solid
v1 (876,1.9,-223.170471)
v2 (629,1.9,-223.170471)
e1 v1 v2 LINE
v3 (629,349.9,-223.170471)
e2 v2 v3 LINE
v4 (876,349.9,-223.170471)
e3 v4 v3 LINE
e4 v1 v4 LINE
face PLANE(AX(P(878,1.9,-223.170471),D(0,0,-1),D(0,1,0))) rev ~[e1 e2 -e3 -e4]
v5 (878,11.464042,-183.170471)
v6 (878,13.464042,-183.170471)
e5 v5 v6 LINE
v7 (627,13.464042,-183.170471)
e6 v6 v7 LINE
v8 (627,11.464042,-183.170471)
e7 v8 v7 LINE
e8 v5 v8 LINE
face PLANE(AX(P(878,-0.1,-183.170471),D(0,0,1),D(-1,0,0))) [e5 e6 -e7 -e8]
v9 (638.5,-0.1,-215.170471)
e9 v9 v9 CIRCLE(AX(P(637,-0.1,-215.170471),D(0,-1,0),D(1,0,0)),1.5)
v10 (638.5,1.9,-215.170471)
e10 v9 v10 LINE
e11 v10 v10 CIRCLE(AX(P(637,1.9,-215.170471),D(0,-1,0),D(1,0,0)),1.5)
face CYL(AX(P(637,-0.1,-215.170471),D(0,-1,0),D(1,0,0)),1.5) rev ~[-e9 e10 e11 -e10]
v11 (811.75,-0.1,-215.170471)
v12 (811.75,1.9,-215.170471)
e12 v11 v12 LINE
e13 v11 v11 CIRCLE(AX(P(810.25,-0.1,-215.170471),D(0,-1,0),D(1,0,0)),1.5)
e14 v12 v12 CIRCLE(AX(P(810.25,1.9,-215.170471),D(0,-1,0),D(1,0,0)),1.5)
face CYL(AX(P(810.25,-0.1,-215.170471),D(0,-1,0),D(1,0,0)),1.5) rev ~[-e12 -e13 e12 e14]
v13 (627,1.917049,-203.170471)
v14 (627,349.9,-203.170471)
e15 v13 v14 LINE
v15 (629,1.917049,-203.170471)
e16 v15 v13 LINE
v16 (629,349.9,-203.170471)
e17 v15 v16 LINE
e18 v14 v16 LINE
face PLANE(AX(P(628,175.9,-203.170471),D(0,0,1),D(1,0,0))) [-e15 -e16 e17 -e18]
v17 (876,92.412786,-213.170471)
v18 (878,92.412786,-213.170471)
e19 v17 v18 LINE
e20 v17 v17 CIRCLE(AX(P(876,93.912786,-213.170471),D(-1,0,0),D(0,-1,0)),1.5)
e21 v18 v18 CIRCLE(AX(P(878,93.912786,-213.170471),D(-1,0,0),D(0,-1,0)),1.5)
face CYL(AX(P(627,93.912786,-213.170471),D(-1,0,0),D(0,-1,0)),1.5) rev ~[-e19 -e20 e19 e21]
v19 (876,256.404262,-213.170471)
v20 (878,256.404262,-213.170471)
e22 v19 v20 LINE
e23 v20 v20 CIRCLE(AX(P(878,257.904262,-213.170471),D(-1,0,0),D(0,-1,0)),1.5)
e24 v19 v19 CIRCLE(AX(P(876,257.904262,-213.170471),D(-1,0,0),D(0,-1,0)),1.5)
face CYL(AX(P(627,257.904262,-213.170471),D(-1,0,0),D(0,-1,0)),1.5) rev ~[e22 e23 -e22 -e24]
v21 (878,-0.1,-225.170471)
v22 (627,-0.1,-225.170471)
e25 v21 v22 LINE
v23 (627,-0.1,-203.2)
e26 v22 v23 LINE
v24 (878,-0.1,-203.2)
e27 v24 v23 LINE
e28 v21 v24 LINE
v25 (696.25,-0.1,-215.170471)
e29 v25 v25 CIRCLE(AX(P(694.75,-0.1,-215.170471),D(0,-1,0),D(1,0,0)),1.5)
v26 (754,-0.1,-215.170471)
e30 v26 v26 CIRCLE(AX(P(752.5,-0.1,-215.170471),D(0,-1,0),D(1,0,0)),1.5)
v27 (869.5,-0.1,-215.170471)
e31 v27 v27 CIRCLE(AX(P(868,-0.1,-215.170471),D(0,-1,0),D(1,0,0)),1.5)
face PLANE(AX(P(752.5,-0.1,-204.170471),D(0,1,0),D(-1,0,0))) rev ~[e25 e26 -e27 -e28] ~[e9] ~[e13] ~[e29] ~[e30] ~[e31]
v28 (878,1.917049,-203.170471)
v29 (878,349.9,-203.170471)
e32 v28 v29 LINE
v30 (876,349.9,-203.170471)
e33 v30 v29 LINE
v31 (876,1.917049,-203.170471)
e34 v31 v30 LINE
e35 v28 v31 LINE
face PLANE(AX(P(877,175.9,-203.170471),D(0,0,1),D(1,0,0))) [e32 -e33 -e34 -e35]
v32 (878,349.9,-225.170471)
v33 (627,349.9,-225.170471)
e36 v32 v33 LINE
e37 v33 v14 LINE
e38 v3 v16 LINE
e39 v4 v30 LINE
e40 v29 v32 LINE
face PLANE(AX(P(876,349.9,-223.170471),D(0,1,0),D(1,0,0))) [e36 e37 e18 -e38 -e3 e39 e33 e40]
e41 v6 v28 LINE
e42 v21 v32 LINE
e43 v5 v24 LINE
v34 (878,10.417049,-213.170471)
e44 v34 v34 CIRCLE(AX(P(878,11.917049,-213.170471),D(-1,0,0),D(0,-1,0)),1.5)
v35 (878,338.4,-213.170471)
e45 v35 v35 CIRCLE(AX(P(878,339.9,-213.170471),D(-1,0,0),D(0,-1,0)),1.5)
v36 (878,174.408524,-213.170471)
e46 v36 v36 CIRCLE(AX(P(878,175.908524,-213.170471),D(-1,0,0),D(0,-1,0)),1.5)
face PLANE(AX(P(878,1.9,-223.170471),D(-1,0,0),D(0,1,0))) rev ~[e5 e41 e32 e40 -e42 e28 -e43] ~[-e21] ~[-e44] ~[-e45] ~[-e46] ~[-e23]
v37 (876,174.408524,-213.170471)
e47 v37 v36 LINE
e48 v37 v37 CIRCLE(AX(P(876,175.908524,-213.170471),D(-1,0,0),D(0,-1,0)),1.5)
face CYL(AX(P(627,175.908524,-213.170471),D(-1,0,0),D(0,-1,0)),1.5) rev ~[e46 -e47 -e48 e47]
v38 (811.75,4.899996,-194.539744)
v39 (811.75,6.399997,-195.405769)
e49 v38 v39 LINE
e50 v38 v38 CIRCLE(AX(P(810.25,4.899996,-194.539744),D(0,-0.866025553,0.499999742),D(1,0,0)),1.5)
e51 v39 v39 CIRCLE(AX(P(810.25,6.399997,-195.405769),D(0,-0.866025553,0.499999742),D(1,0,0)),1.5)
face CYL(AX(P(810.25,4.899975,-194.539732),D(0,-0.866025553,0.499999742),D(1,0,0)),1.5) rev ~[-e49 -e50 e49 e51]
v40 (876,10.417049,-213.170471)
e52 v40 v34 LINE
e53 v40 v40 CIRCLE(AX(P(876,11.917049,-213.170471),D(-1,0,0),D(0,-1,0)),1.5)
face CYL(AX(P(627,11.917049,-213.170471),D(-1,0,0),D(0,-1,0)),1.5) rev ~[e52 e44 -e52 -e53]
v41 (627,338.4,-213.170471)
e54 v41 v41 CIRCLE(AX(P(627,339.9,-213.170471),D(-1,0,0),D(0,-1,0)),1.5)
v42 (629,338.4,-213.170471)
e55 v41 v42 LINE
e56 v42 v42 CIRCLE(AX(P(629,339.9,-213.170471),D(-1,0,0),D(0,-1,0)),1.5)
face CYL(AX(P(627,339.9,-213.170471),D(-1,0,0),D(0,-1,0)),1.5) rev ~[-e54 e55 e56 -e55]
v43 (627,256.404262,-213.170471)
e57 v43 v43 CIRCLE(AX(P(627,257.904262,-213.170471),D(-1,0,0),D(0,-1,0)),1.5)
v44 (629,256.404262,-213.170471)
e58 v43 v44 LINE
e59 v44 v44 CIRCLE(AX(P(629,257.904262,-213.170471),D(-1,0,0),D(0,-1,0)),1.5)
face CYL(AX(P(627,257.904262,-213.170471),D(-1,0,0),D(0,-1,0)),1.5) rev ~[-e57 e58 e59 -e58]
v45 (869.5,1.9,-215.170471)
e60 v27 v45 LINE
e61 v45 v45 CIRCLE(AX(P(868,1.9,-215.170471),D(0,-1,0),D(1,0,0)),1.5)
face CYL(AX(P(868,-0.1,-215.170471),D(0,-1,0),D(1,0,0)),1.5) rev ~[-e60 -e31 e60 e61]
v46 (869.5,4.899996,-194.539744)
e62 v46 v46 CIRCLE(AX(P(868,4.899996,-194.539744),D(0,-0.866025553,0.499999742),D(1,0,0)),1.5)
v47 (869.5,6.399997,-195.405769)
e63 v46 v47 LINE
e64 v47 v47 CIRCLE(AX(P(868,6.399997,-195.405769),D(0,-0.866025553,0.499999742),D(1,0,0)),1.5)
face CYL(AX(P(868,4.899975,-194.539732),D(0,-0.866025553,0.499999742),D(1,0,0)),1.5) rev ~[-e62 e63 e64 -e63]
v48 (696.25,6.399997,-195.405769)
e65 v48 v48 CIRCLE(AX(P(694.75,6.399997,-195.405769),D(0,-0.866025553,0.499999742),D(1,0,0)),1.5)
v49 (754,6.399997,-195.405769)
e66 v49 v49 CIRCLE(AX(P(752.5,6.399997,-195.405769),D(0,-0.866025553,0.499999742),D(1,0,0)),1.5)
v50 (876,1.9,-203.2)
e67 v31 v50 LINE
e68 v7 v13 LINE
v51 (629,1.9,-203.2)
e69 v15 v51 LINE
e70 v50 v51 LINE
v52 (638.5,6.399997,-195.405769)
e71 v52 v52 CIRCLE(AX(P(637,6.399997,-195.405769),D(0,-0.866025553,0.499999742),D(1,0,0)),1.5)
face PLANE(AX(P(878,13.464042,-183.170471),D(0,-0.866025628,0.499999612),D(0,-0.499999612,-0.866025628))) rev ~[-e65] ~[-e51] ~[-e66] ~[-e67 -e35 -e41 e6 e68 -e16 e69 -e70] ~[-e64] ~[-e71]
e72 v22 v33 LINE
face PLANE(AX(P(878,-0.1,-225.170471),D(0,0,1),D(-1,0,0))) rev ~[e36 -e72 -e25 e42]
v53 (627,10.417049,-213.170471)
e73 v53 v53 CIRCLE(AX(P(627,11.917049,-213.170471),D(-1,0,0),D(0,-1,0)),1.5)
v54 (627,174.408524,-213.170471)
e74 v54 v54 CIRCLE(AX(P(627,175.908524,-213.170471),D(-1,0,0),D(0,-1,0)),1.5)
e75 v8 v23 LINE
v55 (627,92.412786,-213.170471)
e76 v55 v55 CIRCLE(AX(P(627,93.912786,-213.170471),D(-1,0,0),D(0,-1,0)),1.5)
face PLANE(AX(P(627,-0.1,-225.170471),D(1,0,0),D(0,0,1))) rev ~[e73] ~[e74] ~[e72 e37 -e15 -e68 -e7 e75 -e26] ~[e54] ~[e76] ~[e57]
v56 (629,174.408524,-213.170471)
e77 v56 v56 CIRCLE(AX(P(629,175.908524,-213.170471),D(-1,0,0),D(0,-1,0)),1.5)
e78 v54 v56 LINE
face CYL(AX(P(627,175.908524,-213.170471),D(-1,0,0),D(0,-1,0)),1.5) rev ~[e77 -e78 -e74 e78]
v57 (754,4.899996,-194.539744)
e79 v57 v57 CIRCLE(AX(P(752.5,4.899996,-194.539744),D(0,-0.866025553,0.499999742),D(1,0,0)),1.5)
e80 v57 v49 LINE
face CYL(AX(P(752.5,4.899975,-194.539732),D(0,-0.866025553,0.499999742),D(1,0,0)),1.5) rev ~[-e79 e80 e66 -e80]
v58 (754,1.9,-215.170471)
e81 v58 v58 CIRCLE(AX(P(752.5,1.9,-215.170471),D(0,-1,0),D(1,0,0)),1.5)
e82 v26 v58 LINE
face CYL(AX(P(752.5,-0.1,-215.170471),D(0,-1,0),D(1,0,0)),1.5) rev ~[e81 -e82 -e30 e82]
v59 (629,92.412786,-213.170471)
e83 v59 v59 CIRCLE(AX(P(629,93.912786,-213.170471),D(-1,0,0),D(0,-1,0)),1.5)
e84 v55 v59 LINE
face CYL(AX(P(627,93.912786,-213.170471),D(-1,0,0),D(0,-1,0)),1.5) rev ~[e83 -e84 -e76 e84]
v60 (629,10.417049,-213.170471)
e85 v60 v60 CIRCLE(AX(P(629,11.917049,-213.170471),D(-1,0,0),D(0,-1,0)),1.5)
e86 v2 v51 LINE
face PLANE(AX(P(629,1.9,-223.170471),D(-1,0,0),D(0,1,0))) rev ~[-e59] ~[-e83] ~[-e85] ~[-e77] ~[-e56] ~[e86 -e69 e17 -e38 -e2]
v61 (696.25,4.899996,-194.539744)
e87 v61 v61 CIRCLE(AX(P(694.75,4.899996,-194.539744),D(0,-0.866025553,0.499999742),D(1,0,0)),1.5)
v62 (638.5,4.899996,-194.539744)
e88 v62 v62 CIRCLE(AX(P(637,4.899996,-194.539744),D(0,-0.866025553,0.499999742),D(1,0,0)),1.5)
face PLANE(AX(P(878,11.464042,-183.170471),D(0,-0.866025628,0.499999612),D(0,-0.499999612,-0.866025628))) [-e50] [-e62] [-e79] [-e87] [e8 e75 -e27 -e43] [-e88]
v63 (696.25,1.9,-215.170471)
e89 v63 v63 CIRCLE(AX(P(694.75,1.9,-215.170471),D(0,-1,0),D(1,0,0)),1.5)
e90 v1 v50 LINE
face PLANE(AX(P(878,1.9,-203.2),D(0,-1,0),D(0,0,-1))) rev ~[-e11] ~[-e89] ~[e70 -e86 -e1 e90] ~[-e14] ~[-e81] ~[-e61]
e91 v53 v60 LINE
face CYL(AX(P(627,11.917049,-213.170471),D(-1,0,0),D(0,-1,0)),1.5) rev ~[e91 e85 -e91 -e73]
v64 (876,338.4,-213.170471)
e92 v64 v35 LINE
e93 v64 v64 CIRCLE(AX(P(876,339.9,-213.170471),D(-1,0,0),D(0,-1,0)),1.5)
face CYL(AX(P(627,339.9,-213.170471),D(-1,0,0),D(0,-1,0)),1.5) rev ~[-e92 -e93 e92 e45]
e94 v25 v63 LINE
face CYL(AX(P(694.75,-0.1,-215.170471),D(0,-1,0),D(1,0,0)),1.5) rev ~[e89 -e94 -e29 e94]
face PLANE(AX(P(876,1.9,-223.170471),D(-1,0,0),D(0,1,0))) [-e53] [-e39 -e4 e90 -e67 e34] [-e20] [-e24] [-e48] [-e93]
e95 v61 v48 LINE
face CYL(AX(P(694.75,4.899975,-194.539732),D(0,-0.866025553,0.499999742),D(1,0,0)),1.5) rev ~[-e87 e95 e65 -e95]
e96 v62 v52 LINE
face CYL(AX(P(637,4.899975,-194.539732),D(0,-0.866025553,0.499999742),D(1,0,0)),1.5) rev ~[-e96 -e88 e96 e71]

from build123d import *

# Parameters (mm, degrees)
SKETCH063_W     = 251
SKETCH063_H     = 42
PAD011_DEPTH    = 350
POCKET027_DEPTH = 251.001
POCKET028_DEPTH = 251.001
SKETCH039_W     = 2
SKETCH039_H     = 348
PAD034_DEPTH    = 20
SKETCH091_R     = 1.5
POCKET049_DEPTH = 5
SKETCH092_R     = 1.5
POCKET050_DEPTH = 5
SKETCH093_R     = 1.5
POCKET051_DEPTH = 251.001


with BuildPart() as part:
    # Sketch063 (on Face1 of Binder032) → Pad011 (new body)
    with BuildSketch(Plane(origin=(0, -0.1, 0), x_dir=(-1, 0, 0), z_dir=(0, 1, 0))):
        with Locations((-752.5, -204.170471)):
            Rectangle(SKETCH063_W, SKETCH063_H)
    extrude(amount=PAD011_DEPTH)

    # Sketch064 (on Face1 of Pad011) → Pocket027 (cut, through all)
    with BuildSketch(Plane.YZ.offset(878)):
        Polygon((-0.1, -183.170471), (11.464042, -183.170471), (-0.1, -203.2), align=None)
    extrude(amount=-POCKET027_DEPTH, mode=Mode.SUBTRACT)

    # Sketch038 (on Face1 of Pocket027) → Pocket028 (cut, through all)
    with BuildSketch(Plane.YZ.offset(878)):
        Polygon((13.464042, -183.170471), (1.9, -203.2), (1.9, -223.170471), (349.9, -223.170471), (349.9, -183.170471), align=None)
    extrude(amount=-POCKET028_DEPTH, mode=Mode.SUBTRACT)

    # Sketch039 (on Face5 of Pocket028) → Pad034 (join)
    with BuildSketch(Plane.XY.offset(-223.170471)):
        with Locations((877, 175.9)):
            Rectangle(SKETCH039_W, SKETCH039_H)
        with Locations((628, 175.9)):
            Rectangle(SKETCH039_W, SKETCH039_H)
    extrude(amount=PAD034_DEPTH)

    # Sketch091 (on Face5 of Pad034) → Pocket049 (cut)
    with BuildSketch(Plane(origin=(0, 87.913136, -50.75662), x_dir=(1, 0, 0), z_dir=(0, -0.866026, 0.5))):
        with Locations((868, -166.026408)):
            Circle(SKETCH091_R)
        with Locations((810.25, -166.026408)):
            Circle(SKETCH091_R)
        with Locations((752.5, -166.026408)):
            Circle(SKETCH091_R)
        with Locations((694.75, -166.026408)):
            Circle(SKETCH091_R)
        with Locations((637, -166.026408)):
            Circle(SKETCH091_R)
    extrude(amount=-POCKET049_DEPTH, mode=Mode.SUBTRACT)

    # Sketch092 (on Face18 of Pocket049) → Pocket050 (cut)
    with BuildSketch(Plane.XZ.offset(0.1)):
        with Locations((868, -215.170471)):
            Circle(SKETCH092_R)
        with Locations((810.25, -215.170471)):
            Circle(SKETCH092_R)
        with Locations((752.5, -215.170471)):
            Circle(SKETCH092_R)
        with Locations((694.75, -215.170471)):
            Circle(SKETCH092_R)
        with Locations((637, -215.170471)):
            Circle(SKETCH092_R)
    extrude(amount=-POCKET050_DEPTH, mode=Mode.SUBTRACT)

    # Sketch093 (on Face10 of Pocket050) → Pocket051 (cut, through all)
    with BuildSketch(Plane(origin=(627, 0, 0), x_dir=(0, -1, 0), z_dir=(-1, 0, 0))):
        with Locations((-11.917049, -213.170471)):
            Circle(SKETCH093_R)
        with Locations((-93.912786, -213.170471)):
            Circle(SKETCH093_R)
        with Locations((-175.908524, -213.170471)):
            Circle(SKETCH093_R)
        with Locations((-257.904262, -213.170471)):
            Circle(SKETCH093_R)
        with Locations((-339.9, -213.170471)):
            Circle(SKETCH093_R)
    extrude(amount=-POCKET051_DEPTH, mode=Mode.SUBTRACT)


solid = part.part
